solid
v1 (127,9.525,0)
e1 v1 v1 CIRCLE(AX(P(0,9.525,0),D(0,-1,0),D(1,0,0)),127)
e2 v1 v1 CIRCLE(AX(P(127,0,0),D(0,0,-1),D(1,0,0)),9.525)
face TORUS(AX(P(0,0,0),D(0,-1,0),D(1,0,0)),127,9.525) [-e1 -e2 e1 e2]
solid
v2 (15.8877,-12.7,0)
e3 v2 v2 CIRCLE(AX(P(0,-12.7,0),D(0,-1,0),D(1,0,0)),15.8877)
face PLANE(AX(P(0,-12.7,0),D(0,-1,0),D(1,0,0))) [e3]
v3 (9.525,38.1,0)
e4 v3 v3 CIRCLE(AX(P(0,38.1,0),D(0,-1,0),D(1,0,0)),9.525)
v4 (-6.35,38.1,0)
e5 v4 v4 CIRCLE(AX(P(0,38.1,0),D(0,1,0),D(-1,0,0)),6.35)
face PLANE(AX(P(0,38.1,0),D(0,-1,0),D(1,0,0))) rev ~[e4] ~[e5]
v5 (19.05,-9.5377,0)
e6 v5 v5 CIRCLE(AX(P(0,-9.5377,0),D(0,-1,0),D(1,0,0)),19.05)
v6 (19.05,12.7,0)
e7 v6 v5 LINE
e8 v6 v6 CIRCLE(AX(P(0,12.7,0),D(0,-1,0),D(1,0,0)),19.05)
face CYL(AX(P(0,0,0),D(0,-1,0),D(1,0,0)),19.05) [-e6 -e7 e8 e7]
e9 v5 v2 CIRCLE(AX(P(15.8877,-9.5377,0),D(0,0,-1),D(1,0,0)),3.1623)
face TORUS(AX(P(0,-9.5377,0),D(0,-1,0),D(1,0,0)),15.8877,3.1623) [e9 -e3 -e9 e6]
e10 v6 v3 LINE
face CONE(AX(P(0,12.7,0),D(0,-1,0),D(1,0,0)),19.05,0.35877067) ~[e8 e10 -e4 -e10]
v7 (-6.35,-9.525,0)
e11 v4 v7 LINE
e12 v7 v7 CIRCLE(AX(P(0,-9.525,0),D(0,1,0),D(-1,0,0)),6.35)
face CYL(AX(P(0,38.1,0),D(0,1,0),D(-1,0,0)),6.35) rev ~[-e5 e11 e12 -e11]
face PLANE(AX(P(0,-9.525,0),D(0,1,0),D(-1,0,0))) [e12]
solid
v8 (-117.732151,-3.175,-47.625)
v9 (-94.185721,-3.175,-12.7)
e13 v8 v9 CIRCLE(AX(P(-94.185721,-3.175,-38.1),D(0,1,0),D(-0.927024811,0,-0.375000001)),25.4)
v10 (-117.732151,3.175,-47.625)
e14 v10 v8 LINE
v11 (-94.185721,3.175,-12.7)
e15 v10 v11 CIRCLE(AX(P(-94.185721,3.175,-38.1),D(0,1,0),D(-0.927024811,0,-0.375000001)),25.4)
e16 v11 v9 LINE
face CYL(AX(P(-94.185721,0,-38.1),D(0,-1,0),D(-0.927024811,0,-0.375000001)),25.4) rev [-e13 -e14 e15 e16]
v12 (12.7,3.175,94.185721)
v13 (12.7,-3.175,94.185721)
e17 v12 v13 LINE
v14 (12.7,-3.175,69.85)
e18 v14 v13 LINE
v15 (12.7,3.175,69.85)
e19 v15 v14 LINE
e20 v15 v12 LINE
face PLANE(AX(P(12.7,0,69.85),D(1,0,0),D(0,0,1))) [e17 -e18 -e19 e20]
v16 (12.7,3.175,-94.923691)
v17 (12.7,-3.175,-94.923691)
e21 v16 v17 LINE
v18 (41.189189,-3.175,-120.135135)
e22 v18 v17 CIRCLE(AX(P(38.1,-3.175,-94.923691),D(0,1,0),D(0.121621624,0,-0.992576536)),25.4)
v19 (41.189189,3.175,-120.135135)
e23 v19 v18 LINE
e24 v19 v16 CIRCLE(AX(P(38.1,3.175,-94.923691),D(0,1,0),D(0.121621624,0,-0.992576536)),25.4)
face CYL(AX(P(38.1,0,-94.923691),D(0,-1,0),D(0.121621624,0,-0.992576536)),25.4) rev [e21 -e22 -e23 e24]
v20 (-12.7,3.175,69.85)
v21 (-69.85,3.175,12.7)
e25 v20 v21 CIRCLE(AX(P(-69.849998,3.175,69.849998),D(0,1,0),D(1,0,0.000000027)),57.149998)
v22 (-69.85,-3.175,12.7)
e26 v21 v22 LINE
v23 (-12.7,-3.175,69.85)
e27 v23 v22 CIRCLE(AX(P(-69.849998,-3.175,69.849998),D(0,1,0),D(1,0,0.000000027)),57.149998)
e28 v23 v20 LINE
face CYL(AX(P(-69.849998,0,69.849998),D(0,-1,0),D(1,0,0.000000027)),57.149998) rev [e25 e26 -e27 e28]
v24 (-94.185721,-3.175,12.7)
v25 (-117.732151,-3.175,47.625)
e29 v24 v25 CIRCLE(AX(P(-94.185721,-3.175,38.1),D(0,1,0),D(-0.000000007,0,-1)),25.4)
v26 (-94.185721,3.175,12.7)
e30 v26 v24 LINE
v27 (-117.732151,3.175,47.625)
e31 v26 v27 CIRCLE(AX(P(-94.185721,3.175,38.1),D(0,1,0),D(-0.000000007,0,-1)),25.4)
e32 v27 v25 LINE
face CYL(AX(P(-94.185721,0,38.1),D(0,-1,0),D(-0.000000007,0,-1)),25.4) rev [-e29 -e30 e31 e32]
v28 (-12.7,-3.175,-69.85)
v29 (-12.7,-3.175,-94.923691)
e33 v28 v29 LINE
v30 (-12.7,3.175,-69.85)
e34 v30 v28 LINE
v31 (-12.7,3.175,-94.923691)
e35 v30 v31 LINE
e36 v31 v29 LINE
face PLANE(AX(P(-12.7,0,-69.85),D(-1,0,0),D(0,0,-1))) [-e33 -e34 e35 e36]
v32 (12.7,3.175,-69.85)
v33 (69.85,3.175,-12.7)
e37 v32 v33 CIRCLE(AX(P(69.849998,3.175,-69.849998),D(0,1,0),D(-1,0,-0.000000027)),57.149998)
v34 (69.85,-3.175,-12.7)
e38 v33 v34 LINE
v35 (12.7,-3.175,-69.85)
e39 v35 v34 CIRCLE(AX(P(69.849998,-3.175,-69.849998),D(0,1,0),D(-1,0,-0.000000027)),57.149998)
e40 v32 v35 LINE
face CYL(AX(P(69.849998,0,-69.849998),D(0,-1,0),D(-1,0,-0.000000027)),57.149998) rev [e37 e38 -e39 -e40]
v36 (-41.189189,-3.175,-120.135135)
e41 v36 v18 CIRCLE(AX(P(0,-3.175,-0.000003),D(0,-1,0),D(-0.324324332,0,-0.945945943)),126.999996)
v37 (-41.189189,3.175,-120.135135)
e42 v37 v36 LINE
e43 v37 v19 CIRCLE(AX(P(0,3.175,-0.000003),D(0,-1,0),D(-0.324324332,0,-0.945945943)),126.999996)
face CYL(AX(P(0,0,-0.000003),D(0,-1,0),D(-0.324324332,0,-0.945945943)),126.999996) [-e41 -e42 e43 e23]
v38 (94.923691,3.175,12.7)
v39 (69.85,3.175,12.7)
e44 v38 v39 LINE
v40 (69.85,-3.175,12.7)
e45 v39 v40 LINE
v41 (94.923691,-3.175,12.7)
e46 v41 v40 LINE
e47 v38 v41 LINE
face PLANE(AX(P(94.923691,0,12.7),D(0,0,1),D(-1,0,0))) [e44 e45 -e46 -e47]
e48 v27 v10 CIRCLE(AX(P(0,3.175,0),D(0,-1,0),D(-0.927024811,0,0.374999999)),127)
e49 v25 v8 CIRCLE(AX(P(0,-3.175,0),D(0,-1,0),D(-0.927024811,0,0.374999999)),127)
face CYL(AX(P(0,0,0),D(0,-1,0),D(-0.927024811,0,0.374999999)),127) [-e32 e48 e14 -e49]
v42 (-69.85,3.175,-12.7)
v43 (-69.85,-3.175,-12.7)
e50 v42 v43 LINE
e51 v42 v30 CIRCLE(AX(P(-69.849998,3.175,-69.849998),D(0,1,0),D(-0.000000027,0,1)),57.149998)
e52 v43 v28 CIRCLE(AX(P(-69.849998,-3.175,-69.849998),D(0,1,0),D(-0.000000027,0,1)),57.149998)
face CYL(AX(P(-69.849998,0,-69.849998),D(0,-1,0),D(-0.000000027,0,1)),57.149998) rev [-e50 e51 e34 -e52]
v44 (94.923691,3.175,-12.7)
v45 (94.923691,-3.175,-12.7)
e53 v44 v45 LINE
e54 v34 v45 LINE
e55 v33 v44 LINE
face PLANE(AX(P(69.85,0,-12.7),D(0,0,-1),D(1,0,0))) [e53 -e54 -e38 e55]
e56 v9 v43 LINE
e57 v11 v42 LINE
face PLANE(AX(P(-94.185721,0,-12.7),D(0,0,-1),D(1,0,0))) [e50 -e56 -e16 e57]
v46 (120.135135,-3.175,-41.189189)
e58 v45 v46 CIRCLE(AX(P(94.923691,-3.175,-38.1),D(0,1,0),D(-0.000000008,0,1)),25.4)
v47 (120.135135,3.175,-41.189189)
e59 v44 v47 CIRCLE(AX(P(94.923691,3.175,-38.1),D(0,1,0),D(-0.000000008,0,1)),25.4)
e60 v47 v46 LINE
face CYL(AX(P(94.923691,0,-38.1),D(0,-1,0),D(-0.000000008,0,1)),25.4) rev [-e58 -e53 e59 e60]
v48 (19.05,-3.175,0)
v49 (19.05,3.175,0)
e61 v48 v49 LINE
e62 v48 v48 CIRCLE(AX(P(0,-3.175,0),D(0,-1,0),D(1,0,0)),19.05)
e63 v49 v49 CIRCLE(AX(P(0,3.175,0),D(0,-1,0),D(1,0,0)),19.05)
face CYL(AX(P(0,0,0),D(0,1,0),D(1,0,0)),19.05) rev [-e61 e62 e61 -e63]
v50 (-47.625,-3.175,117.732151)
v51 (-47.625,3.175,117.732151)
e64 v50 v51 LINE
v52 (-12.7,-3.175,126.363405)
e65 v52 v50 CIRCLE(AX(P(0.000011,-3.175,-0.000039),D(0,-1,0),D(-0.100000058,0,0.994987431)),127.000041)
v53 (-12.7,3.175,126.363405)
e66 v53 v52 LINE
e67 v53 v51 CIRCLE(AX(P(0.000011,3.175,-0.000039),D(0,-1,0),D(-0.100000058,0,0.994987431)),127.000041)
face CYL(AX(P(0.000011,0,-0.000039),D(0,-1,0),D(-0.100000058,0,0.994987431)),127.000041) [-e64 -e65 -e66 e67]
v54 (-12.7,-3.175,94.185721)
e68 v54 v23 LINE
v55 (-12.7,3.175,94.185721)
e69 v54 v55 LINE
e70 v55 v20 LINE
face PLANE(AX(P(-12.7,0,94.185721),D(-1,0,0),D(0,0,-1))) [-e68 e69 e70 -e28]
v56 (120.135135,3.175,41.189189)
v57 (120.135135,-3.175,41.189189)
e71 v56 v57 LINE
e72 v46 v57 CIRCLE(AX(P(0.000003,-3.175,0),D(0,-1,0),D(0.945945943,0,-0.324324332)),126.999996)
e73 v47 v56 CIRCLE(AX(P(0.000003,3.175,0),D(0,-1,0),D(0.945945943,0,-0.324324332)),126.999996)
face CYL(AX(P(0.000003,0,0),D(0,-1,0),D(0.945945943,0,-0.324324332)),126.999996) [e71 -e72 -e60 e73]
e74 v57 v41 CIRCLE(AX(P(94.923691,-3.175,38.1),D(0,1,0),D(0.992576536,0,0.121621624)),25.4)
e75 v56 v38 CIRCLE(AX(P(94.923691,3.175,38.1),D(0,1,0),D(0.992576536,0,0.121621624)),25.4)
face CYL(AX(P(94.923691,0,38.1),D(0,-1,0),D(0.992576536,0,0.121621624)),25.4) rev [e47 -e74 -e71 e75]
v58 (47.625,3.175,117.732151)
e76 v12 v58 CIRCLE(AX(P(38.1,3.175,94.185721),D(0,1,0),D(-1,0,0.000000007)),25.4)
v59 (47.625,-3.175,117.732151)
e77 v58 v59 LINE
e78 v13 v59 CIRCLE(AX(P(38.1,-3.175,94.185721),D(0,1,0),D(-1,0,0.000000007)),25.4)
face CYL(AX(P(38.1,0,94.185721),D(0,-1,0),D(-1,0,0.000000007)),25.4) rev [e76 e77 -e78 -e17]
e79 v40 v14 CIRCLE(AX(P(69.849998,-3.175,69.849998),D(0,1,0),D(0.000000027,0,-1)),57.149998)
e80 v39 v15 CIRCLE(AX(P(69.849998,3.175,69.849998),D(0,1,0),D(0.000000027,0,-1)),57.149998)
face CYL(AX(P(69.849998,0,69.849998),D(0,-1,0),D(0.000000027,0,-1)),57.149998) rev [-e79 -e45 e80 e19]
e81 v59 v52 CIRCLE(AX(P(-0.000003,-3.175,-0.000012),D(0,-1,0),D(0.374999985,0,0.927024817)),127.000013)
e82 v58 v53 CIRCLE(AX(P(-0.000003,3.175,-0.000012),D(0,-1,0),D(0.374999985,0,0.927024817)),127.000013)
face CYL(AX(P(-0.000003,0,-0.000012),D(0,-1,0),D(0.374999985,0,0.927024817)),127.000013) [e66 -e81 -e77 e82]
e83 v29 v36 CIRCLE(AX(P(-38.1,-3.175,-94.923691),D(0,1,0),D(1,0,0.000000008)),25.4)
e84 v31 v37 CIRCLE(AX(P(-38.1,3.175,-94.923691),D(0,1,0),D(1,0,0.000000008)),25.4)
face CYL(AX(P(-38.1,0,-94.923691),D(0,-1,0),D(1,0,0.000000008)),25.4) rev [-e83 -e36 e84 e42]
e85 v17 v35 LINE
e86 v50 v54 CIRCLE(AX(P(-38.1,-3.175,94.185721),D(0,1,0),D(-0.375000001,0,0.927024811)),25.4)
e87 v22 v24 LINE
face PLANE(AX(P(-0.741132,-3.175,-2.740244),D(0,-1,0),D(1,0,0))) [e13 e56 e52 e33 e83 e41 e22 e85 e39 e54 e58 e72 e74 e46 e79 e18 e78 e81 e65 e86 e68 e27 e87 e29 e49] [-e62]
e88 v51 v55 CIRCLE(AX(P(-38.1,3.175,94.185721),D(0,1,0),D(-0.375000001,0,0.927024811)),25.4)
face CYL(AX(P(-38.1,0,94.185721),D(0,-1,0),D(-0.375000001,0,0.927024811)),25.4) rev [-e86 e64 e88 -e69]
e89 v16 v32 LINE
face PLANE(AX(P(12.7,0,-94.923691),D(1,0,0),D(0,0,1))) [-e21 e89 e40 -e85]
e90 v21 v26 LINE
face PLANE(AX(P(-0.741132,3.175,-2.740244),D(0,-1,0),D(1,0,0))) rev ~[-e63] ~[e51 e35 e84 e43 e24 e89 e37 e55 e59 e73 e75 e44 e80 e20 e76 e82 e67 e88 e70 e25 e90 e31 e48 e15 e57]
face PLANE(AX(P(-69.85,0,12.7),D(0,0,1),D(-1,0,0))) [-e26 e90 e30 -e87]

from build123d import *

# Parameters (mm, degrees)
F1_R          = 9.525
F0_R          = 19.05
F3_DEPTH      = 12.7
F3_DEPTH_BACK = 38.1
F4_SIZE2      = 9.525
F4_SIZE       = 25.4
F6_R          = 3.1623
F5_R          = 6.35
F7_DEPTH      = 47.625
F8_R          = 19.05
F9_DEPTH      = 3.175


with BuildPart() as f2:
    # F2: sweep along a path in F0
    with BuildLine(Plane.XZ) as f2_path:
        CenterArc((0, 0), 19.05, 0, 360)
    # F1 (on Right) → F2 (sweep)
    with BuildSketch(Plane.YZ):
        with Locations((0, 127)):
            Circle(F1_R)
    sweep(path=f2_path.line)


with BuildPart() as f3:
    # F0 (on Front) → F3 (new body, two sides)
    with BuildSketch(Plane.XZ) as f3_sk:
        Circle(F0_R)
    extrude(amount=F3_DEPTH)
    extrude(f3_sk.sketch, amount=-F3_DEPTH_BACK)

    # F4
    f4_edges = [f3.edges().sort_by_distance(p)[0] for p in [
        (-19.05, 38.1, 0),
    ]]
    chamfer(f4_edges, length=F4_SIZE, length2=F4_SIZE2)

    # F6
    f6_edges = [f3.edges().sort_by_distance(p)[0] for p in [
        (-19.05, -12.7, 0),
    ]]
    fillet(f6_edges, radius=F6_R)

    # F5 (on face) → F7 (cut)
    with BuildSketch(Plane(origin=(0, 38.1, 0), x_dir=(-1, 0, 0), z_dir=(0, 1, 0))):
        Circle(F5_R)
    extrude(amount=-F7_DEPTH, mode=Mode.SUBTRACT)


with BuildPart() as f9:
    # F8 (on Front) → F9 (new body, symmetric)
    with BuildSketch(Plane.XZ):
        with BuildLine():
            ThreePointArc((-12.7, 69.85), (-29.438847, 29.438847), (-69.85, 12.7))
            Line((-69.85, 12.7), (-94.185721, 12.7))
            ThreePointArc((-94.185721, 12.7), (-115.246288, 23.900968), (-117.732151, 47.625))
            ThreePointArc((-117.732151, 47.625), (-127, 0), (-117.732151, -47.625))
            ThreePointArc((-117.732151, -47.625), (-115.246288, -23.900968), (-94.185721, -12.7))
            Line((-94.185721, -12.7), (-69.85, -12.7))
            ThreePointArc((-69.85, -12.7), (-29.438847, -29.438847), (-12.7, -69.85))
            Line((-12.7, -69.85), (-12.7, -94.923691))
            ThreePointArc((-12.7, -94.923691), (-21.267077, -113.945066), (-41.189189, -120.135135))
            ThreePointArc((-41.189189, -120.135135), (0, -127), (41.189189, -120.135135))
            ThreePointArc((41.189189, -120.135135), (21.267077, -113.945066), (12.7, -94.923691))
            Line((12.7, -94.923691), (12.7, -69.85))
            ThreePointArc((12.7, -69.85), (29.438847, -29.438847), (69.85, -12.7))
            Line((69.85, -12.7), (94.923691, -12.7))
            ThreePointArc((94.923691, -12.7), (113.945066, -21.267077), (120.135135, -41.189189))
            ThreePointArc((120.135135, -41.189189), (127, 0), (120.135135, 41.189189))
            ThreePointArc((120.135135, 41.189189), (113.945066, 21.267077), (94.923691, 12.7))
            Line((94.923691, 12.7), (69.85, 12.7))
            ThreePointArc((69.85, 12.7), (29.438847, 29.438847), (12.7, 69.85))
            Line((12.7, 69.85), (12.7, 94.185721))
            ThreePointArc((12.7, 94.185721), (23.900968, 115.246288), (47.625, 117.732151))
            ThreePointArc((47.625, 117.732151), (17.987872, 125.719674), (-12.7, 126.363405))
            Line((-12.7, 126.363405), (-12.7, 94.185721))
            Line((-12.7, 94.185721), (-12.7, 69.85))
        make_face()
        Circle(F8_R, mode=Mode.SUBTRACT)
        with BuildLine():
            ThreePointArc((-47.625, 117.732151), (-23.900968, 115.246288), (-12.7, 94.185721))
            Line((-12.7, 94.185721), (-12.7, 126.363405))
            ThreePointArc((-12.7, 126.363405), (-30.469674, 123.290709), (-47.625, 117.732151))
        make_face()
    extrude(amount=F9_DEPTH, both=True)


solid = Compound([f2.part, f3.part, f9.part])
